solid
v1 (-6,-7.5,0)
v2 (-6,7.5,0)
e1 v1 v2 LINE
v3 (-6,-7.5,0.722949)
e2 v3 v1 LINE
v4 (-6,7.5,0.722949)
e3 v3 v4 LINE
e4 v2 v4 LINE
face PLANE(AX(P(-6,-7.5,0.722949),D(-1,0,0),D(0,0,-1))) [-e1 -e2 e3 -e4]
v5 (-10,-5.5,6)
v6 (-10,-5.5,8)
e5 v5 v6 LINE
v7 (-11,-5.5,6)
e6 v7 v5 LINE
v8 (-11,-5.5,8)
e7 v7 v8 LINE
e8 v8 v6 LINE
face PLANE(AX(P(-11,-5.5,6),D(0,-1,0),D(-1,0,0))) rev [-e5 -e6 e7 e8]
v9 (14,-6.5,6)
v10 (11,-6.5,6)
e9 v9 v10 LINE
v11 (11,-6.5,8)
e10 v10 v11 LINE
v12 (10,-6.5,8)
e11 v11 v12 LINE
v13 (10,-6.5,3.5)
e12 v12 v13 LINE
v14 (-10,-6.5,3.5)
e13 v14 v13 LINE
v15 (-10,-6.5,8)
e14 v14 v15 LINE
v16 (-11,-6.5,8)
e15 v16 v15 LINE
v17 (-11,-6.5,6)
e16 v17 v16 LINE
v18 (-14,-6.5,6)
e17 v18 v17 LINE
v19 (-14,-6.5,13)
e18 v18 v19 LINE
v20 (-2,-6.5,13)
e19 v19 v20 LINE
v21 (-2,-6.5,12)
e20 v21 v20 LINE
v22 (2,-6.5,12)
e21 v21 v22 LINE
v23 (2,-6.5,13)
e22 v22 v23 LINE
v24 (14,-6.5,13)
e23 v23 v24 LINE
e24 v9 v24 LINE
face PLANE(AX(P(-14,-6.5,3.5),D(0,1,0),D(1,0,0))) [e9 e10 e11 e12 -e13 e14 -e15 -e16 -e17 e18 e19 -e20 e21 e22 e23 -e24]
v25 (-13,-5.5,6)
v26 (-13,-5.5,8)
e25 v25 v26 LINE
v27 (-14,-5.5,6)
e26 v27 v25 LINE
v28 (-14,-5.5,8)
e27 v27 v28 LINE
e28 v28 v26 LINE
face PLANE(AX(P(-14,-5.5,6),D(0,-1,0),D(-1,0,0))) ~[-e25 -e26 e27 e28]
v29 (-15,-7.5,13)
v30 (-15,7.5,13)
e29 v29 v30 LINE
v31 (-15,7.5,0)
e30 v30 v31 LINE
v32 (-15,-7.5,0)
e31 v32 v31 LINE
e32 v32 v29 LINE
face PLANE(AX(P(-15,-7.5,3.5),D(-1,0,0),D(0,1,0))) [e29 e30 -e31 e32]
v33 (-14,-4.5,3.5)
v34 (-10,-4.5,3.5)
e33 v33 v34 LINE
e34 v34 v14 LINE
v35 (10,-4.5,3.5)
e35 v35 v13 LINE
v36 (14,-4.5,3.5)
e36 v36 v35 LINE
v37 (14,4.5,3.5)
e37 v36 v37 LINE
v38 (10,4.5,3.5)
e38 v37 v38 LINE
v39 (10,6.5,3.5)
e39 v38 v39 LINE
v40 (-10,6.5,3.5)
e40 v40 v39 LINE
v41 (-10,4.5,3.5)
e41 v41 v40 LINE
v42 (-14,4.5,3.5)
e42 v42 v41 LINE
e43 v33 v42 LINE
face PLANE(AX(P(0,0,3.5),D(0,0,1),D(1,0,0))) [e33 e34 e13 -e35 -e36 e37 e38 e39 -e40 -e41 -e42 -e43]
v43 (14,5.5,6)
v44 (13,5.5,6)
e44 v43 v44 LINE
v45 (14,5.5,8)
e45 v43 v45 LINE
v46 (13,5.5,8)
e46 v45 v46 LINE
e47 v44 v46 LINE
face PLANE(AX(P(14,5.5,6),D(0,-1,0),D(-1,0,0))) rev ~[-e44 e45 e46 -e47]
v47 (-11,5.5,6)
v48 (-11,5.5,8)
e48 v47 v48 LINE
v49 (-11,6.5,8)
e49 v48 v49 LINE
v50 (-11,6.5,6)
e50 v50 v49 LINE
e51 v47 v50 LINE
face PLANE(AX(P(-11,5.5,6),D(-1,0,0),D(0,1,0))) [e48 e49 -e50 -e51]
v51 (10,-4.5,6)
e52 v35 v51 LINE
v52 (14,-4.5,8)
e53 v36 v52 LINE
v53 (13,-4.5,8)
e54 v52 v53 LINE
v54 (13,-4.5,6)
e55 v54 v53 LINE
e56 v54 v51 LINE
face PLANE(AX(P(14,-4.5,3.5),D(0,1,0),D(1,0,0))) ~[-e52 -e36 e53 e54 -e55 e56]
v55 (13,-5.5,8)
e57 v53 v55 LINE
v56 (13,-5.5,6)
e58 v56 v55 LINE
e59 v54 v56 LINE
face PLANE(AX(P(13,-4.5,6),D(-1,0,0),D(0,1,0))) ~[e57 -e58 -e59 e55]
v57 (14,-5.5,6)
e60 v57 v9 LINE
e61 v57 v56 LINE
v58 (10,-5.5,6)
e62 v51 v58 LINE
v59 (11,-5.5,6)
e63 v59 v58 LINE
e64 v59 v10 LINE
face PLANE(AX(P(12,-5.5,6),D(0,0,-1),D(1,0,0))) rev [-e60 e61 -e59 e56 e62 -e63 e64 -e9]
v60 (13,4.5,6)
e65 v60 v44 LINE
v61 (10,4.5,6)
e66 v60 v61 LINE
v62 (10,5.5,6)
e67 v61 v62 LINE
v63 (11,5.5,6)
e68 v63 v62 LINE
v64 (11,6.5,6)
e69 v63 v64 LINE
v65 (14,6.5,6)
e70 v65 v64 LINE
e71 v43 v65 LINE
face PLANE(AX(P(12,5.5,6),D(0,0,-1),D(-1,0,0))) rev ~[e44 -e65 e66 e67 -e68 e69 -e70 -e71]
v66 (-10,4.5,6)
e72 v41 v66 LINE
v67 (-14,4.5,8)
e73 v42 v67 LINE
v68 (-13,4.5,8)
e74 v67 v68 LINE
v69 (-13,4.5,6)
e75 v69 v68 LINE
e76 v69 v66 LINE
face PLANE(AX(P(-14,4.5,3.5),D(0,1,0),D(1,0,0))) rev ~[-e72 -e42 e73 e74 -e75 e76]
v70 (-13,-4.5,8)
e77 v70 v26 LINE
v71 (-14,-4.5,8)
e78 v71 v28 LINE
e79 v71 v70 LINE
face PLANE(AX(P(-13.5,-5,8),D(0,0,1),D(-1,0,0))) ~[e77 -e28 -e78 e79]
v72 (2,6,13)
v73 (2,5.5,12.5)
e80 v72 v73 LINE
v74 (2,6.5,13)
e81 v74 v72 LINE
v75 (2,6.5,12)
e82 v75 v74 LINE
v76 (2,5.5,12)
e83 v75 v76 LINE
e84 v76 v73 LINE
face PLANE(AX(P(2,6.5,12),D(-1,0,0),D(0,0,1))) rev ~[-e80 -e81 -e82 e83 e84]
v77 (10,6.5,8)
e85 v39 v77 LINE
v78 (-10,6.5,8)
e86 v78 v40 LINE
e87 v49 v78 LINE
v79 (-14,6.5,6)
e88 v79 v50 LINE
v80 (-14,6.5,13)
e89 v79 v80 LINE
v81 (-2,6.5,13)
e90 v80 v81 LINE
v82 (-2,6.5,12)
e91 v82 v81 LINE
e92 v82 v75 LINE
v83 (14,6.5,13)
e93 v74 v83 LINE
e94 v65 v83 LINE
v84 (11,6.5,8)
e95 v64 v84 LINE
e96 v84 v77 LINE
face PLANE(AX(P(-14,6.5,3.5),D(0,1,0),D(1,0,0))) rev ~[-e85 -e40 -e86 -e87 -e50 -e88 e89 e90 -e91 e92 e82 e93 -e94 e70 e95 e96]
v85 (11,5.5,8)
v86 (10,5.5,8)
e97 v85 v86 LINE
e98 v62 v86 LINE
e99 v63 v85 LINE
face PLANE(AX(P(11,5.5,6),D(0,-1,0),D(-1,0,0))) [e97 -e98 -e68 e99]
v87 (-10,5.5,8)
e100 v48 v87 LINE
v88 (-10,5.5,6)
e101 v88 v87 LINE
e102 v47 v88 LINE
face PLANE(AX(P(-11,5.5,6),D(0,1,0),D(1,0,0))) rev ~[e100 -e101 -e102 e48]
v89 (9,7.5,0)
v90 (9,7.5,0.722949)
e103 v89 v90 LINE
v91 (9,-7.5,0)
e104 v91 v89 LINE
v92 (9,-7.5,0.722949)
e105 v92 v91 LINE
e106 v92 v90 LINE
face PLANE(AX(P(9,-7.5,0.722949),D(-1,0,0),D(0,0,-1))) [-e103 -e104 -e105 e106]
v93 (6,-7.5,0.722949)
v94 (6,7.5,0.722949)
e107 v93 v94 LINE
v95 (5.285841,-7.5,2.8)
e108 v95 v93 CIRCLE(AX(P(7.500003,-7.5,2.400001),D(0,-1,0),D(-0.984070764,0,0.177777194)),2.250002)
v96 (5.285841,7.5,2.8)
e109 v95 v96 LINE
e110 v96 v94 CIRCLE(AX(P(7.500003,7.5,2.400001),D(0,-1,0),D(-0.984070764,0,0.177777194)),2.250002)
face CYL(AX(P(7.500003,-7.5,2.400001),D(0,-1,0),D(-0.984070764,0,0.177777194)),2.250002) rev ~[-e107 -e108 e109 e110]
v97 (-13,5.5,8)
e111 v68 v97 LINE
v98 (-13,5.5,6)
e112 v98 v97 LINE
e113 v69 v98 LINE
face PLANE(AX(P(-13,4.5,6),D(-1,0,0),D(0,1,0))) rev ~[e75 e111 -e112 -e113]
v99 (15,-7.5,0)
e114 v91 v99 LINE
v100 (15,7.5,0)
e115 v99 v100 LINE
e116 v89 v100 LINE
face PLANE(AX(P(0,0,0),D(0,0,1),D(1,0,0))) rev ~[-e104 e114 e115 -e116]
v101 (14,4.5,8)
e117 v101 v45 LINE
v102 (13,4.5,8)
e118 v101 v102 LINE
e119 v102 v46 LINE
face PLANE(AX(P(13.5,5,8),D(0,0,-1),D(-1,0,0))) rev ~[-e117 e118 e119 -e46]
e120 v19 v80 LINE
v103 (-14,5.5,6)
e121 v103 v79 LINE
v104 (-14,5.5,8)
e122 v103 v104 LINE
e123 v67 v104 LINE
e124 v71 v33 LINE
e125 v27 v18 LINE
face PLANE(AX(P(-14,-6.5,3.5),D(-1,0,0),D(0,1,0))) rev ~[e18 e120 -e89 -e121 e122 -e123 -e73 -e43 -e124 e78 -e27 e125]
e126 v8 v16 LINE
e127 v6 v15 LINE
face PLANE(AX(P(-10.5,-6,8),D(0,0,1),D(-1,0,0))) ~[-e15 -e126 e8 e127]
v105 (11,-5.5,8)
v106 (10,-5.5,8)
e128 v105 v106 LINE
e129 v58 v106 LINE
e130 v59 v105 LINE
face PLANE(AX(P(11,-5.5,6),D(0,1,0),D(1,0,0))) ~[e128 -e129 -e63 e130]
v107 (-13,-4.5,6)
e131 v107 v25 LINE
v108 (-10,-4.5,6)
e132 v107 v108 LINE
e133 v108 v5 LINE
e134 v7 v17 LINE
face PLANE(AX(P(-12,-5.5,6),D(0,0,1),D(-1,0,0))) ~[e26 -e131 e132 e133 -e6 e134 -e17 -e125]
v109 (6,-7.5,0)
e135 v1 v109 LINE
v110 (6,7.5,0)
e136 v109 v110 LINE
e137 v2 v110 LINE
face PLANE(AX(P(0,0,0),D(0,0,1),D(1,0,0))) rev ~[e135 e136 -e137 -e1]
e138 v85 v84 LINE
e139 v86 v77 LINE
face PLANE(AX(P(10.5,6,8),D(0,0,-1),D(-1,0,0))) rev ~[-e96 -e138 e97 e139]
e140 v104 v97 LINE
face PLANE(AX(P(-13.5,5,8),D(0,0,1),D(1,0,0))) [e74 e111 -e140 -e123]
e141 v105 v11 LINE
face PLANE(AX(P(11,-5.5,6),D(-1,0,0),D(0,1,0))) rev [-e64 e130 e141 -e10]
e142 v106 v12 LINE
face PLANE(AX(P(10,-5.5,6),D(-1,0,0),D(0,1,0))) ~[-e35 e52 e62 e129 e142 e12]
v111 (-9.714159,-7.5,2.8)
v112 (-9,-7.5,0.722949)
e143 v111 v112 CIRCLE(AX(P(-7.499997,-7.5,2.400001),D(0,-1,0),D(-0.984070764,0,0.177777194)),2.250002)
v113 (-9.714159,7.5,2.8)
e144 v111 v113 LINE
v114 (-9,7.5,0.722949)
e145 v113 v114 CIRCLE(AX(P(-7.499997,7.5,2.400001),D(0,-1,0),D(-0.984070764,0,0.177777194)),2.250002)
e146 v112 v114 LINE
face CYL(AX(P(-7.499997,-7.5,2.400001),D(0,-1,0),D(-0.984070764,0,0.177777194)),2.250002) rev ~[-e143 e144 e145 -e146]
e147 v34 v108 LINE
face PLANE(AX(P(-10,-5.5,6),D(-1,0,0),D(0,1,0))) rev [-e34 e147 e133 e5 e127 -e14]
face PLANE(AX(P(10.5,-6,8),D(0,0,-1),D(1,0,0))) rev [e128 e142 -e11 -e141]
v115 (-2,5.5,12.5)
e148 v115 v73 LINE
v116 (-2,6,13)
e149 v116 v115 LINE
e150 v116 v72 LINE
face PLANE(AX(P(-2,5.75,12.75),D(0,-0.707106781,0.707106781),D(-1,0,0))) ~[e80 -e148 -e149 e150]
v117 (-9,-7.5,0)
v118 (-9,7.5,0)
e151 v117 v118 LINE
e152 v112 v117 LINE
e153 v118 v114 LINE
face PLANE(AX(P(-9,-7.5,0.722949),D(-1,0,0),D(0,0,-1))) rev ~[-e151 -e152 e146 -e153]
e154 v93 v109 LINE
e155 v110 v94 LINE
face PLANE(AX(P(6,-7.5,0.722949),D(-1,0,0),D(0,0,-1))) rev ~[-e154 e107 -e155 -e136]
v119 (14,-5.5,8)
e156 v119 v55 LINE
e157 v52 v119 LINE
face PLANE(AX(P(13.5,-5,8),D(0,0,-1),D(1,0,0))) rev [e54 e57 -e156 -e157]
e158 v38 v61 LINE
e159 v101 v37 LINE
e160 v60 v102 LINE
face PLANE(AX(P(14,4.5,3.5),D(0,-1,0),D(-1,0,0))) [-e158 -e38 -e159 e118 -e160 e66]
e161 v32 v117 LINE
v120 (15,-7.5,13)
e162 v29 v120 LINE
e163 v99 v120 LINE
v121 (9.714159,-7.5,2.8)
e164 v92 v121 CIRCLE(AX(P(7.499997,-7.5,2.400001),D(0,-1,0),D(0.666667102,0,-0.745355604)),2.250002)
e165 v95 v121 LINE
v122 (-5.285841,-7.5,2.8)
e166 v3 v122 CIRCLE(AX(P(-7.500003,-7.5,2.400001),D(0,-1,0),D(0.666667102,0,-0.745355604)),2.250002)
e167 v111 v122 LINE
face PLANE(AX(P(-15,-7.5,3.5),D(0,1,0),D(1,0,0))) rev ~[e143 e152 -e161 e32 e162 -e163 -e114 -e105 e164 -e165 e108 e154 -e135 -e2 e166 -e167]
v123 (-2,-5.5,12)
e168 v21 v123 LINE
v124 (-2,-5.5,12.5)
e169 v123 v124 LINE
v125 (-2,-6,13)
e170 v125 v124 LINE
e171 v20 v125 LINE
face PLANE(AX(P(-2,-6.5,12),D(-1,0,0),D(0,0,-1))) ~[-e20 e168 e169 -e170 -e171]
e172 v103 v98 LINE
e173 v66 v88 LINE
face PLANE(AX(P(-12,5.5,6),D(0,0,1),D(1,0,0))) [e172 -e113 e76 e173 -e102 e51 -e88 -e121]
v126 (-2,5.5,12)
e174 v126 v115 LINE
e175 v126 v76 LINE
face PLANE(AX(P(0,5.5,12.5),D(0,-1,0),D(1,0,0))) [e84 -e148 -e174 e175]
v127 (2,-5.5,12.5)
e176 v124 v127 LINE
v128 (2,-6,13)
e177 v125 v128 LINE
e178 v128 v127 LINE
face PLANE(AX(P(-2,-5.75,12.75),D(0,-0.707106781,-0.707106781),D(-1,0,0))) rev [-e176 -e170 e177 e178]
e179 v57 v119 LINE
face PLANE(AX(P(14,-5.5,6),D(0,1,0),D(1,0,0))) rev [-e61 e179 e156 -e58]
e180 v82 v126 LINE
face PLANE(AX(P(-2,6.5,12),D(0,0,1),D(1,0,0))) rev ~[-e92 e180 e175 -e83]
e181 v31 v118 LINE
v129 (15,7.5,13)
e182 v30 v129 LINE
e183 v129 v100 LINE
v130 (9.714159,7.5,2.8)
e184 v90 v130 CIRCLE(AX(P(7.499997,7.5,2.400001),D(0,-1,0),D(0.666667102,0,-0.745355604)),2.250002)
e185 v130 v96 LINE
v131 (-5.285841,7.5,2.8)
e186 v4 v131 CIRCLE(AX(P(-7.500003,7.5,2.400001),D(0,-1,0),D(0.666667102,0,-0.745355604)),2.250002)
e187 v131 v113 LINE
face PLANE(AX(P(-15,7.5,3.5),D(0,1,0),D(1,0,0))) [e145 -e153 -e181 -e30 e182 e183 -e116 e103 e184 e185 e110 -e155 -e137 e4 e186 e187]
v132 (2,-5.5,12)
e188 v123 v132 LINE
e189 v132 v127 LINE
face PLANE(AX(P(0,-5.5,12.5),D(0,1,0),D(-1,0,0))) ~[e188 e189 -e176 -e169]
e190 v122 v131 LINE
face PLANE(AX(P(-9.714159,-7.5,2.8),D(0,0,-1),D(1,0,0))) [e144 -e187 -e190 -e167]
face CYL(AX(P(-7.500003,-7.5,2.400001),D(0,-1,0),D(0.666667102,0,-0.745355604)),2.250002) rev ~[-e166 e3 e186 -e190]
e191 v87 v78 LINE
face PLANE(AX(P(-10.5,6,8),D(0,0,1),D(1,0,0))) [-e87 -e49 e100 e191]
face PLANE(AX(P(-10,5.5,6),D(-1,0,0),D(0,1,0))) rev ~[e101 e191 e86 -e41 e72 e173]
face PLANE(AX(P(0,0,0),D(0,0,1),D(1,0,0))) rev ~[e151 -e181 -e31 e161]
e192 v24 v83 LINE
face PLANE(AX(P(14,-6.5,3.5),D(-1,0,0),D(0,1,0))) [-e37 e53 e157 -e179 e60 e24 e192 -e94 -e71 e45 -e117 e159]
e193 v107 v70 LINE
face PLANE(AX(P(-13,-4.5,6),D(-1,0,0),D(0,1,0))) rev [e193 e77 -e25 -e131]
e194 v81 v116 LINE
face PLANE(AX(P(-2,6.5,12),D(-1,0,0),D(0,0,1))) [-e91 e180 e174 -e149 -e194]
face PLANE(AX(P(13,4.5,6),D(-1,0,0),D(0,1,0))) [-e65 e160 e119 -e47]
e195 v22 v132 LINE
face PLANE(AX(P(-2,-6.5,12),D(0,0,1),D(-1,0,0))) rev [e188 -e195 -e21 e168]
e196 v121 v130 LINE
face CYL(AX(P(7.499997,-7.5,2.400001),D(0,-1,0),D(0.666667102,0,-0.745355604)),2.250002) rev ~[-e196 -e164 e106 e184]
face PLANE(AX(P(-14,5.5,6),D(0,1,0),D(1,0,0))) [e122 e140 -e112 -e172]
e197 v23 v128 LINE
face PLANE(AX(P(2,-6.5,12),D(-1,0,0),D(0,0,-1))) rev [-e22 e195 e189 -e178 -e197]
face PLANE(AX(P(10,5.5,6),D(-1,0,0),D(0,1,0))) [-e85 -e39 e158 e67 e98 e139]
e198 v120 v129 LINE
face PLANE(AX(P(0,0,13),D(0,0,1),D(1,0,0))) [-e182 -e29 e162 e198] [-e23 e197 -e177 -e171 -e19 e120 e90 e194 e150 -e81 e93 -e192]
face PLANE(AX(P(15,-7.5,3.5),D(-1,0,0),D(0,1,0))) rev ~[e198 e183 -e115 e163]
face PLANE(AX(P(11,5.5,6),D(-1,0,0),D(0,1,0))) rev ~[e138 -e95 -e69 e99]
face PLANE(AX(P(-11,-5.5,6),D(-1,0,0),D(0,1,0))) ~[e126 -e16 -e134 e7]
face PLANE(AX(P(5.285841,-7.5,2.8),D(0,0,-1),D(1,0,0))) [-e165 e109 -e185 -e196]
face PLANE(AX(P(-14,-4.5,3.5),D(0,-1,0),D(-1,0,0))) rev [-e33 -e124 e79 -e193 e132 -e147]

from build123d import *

# Parameters (mm, degrees)
SKETCH_W                   = 30
SKETCH_H                   = 15
PAD_DEPTH                  = 3.5
POCKET_DEPTH               = 15.001
LINEARPATTERN_COUNT        = 2
LINEARPATTERN_PITCH        = 15
SKETCH003_W                = 4
SKETCH003_H                = 2
PAD001_DEPTH               = 2.5
SKETCH003_MIRRORED_2_W     = 4
SKETCH003_MIRRORED_2_H     = 2
PAD001_MIRRORED_2_DEPTH    = 2.5
SKETCH004_W                = 30
SKETCH004_H                = 15
SKETCH004_W_2              = 28
SKETCH004_H_2              = 13
PAD002_DEPTH               = 9.5
SKETCH005_W                = 1
SKETCH005_H                = 1
PAD003_DEPTH               = 2
SKETCH005_MIRRORED002_2_W  = 1
SKETCH005_MIRRORED002_2_H  = 1
PAD003_MIRRORED002_2_DEPTH = 2
SKETCH006_W                = 4
SKETCH006_H                = 1
PAD004_DEPTH               = 1
CHAMFER_SIZE               = 0.5


with BuildPart() as part:
    # Sketch → Pad (new body)
    with BuildSketch(Plane.XY):
        Rectangle(SKETCH_W, SKETCH_H)
    extrude(amount=PAD_DEPTH)

    # Sketch002 (on Face3 of Pad) → Pocket (cut, through all)
    with BuildSketch(Plane.XZ.offset(7.5)):
        with BuildLine():
            Line((-9, 0.722949), (-9, 0))
            Line((-9, 0), (-6, 0))
            Line((-6, 0.722949), (-6, 0))
            ThreePointArc((-6, 0.722949), (-5.37226, 1.668412), (-5.285841, 2.8))
            Line((-9.714159, 2.8), (-5.285841, 2.8))
            ThreePointArc((-9.714159, 2.8), (-9.62774, 1.668412), (-9, 0.722949))
        make_face()
    pocket = extrude(amount=-POCKET_DEPTH, mode=Mode.SUBTRACT)

    # LinearPattern: Pocket ×2
    with Locations(*[(i * LINEARPATTERN_PITCH, 0, 0) for i in range(1, LINEARPATTERN_COUNT)]):
        add(pocket, mode=Mode.SUBTRACT)

    # Sketch003 (on Face16 of LinearPattern) → Pad001 (join)
    with BuildSketch(Plane.XY.offset(3.5)):
        with Locations((-12, 5.5)):
            Rectangle(SKETCH003_W, SKETCH003_H)
    pad001 = extrude(amount=PAD001_DEPTH)

    # Sketch003 Mirrored 2 → Pad001 Mirrored 2 (add)
    with BuildSketch(Plane(origin=(0, 0, 3.5), x_dir=(-1, 0, 0), z_dir=(0, 0, -1))):
        with Locations((-12, 5.5)):
            Rectangle(SKETCH003_MIRRORED_2_W, SKETCH003_MIRRORED_2_H)
    pad001_mirrored_2 = extrude(amount=-PAD001_MIRRORED_2_DEPTH)

    # Mirrored001: Pad001, Pad001 Mirrored 2 across XZ
    add(pad001.mirror(Plane.XZ))
    add(pad001_mirrored_2.mirror(Plane.XZ))

    # Sketch004 (on Face16 of MultiTransform) → Pad002 (join)
    with BuildSketch(Plane.XY.offset(3.5)):
        Rectangle(SKETCH004_W, SKETCH004_H)
        Rectangle(SKETCH004_W_2, SKETCH004_H_2, mode=Mode.SUBTRACT)
    extrude(amount=PAD002_DEPTH)

    # Sketch005 (on Face31 of Pad002) → Pad003 (join)
    with BuildSketch(Plane.XY.offset(6)):
        with Locations((-10.5, 6)):
            Rectangle(SKETCH005_W, SKETCH005_H)
        with Locations((-13.5, 5)):
            Rectangle(SKETCH005_W, SKETCH005_H)
    pad003 = extrude(amount=PAD003_DEPTH)

    # Sketch005 Mirrored002 2 → Pad003 Mirrored002 2 (add)
    with BuildSketch(Plane(origin=(0, 0, 6), x_dir=(-1, 0, 0), z_dir=(0, 0, -1))):
        with Locations((-10.5, 6)):
            Rectangle(SKETCH005_MIRRORED002_2_W, SKETCH005_MIRRORED002_2_H)
        with Locations((-13.5, 5)):
            Rectangle(SKETCH005_MIRRORED002_2_W, SKETCH005_MIRRORED002_2_H)
    pad003_mirrored002_2 = extrude(amount=-PAD003_MIRRORED002_2_DEPTH)

    # Mirrored003: Pad003, Pad003 Mirrored002 2 across XZ
    add(pad003.mirror(Plane.XZ))
    add(pad003_mirrored002_2.mirror(Plane.XZ))

    # Sketch006 (on Face26 of MultiTransform001) → Pad004 (join)
    with BuildSketch(Plane.XZ.offset(-6.5)):
        with Locations((0, 12.5)):
            Rectangle(SKETCH006_W, SKETCH006_H)
    pad004 = extrude(amount=PAD004_DEPTH)

    # Mirrored004: Pad004 across XZ
    add(pad004.mirror(Plane.XZ))

    # Chamfer
    chamfer_edges = [part.edges().sort_by_distance(p)[0] for p in [
        (0, 5.5, 13),
        (0, -5.5, 13),
    ]]
    chamfer(chamfer_edges, length=CHAMFER_SIZE)


solid = part.part
